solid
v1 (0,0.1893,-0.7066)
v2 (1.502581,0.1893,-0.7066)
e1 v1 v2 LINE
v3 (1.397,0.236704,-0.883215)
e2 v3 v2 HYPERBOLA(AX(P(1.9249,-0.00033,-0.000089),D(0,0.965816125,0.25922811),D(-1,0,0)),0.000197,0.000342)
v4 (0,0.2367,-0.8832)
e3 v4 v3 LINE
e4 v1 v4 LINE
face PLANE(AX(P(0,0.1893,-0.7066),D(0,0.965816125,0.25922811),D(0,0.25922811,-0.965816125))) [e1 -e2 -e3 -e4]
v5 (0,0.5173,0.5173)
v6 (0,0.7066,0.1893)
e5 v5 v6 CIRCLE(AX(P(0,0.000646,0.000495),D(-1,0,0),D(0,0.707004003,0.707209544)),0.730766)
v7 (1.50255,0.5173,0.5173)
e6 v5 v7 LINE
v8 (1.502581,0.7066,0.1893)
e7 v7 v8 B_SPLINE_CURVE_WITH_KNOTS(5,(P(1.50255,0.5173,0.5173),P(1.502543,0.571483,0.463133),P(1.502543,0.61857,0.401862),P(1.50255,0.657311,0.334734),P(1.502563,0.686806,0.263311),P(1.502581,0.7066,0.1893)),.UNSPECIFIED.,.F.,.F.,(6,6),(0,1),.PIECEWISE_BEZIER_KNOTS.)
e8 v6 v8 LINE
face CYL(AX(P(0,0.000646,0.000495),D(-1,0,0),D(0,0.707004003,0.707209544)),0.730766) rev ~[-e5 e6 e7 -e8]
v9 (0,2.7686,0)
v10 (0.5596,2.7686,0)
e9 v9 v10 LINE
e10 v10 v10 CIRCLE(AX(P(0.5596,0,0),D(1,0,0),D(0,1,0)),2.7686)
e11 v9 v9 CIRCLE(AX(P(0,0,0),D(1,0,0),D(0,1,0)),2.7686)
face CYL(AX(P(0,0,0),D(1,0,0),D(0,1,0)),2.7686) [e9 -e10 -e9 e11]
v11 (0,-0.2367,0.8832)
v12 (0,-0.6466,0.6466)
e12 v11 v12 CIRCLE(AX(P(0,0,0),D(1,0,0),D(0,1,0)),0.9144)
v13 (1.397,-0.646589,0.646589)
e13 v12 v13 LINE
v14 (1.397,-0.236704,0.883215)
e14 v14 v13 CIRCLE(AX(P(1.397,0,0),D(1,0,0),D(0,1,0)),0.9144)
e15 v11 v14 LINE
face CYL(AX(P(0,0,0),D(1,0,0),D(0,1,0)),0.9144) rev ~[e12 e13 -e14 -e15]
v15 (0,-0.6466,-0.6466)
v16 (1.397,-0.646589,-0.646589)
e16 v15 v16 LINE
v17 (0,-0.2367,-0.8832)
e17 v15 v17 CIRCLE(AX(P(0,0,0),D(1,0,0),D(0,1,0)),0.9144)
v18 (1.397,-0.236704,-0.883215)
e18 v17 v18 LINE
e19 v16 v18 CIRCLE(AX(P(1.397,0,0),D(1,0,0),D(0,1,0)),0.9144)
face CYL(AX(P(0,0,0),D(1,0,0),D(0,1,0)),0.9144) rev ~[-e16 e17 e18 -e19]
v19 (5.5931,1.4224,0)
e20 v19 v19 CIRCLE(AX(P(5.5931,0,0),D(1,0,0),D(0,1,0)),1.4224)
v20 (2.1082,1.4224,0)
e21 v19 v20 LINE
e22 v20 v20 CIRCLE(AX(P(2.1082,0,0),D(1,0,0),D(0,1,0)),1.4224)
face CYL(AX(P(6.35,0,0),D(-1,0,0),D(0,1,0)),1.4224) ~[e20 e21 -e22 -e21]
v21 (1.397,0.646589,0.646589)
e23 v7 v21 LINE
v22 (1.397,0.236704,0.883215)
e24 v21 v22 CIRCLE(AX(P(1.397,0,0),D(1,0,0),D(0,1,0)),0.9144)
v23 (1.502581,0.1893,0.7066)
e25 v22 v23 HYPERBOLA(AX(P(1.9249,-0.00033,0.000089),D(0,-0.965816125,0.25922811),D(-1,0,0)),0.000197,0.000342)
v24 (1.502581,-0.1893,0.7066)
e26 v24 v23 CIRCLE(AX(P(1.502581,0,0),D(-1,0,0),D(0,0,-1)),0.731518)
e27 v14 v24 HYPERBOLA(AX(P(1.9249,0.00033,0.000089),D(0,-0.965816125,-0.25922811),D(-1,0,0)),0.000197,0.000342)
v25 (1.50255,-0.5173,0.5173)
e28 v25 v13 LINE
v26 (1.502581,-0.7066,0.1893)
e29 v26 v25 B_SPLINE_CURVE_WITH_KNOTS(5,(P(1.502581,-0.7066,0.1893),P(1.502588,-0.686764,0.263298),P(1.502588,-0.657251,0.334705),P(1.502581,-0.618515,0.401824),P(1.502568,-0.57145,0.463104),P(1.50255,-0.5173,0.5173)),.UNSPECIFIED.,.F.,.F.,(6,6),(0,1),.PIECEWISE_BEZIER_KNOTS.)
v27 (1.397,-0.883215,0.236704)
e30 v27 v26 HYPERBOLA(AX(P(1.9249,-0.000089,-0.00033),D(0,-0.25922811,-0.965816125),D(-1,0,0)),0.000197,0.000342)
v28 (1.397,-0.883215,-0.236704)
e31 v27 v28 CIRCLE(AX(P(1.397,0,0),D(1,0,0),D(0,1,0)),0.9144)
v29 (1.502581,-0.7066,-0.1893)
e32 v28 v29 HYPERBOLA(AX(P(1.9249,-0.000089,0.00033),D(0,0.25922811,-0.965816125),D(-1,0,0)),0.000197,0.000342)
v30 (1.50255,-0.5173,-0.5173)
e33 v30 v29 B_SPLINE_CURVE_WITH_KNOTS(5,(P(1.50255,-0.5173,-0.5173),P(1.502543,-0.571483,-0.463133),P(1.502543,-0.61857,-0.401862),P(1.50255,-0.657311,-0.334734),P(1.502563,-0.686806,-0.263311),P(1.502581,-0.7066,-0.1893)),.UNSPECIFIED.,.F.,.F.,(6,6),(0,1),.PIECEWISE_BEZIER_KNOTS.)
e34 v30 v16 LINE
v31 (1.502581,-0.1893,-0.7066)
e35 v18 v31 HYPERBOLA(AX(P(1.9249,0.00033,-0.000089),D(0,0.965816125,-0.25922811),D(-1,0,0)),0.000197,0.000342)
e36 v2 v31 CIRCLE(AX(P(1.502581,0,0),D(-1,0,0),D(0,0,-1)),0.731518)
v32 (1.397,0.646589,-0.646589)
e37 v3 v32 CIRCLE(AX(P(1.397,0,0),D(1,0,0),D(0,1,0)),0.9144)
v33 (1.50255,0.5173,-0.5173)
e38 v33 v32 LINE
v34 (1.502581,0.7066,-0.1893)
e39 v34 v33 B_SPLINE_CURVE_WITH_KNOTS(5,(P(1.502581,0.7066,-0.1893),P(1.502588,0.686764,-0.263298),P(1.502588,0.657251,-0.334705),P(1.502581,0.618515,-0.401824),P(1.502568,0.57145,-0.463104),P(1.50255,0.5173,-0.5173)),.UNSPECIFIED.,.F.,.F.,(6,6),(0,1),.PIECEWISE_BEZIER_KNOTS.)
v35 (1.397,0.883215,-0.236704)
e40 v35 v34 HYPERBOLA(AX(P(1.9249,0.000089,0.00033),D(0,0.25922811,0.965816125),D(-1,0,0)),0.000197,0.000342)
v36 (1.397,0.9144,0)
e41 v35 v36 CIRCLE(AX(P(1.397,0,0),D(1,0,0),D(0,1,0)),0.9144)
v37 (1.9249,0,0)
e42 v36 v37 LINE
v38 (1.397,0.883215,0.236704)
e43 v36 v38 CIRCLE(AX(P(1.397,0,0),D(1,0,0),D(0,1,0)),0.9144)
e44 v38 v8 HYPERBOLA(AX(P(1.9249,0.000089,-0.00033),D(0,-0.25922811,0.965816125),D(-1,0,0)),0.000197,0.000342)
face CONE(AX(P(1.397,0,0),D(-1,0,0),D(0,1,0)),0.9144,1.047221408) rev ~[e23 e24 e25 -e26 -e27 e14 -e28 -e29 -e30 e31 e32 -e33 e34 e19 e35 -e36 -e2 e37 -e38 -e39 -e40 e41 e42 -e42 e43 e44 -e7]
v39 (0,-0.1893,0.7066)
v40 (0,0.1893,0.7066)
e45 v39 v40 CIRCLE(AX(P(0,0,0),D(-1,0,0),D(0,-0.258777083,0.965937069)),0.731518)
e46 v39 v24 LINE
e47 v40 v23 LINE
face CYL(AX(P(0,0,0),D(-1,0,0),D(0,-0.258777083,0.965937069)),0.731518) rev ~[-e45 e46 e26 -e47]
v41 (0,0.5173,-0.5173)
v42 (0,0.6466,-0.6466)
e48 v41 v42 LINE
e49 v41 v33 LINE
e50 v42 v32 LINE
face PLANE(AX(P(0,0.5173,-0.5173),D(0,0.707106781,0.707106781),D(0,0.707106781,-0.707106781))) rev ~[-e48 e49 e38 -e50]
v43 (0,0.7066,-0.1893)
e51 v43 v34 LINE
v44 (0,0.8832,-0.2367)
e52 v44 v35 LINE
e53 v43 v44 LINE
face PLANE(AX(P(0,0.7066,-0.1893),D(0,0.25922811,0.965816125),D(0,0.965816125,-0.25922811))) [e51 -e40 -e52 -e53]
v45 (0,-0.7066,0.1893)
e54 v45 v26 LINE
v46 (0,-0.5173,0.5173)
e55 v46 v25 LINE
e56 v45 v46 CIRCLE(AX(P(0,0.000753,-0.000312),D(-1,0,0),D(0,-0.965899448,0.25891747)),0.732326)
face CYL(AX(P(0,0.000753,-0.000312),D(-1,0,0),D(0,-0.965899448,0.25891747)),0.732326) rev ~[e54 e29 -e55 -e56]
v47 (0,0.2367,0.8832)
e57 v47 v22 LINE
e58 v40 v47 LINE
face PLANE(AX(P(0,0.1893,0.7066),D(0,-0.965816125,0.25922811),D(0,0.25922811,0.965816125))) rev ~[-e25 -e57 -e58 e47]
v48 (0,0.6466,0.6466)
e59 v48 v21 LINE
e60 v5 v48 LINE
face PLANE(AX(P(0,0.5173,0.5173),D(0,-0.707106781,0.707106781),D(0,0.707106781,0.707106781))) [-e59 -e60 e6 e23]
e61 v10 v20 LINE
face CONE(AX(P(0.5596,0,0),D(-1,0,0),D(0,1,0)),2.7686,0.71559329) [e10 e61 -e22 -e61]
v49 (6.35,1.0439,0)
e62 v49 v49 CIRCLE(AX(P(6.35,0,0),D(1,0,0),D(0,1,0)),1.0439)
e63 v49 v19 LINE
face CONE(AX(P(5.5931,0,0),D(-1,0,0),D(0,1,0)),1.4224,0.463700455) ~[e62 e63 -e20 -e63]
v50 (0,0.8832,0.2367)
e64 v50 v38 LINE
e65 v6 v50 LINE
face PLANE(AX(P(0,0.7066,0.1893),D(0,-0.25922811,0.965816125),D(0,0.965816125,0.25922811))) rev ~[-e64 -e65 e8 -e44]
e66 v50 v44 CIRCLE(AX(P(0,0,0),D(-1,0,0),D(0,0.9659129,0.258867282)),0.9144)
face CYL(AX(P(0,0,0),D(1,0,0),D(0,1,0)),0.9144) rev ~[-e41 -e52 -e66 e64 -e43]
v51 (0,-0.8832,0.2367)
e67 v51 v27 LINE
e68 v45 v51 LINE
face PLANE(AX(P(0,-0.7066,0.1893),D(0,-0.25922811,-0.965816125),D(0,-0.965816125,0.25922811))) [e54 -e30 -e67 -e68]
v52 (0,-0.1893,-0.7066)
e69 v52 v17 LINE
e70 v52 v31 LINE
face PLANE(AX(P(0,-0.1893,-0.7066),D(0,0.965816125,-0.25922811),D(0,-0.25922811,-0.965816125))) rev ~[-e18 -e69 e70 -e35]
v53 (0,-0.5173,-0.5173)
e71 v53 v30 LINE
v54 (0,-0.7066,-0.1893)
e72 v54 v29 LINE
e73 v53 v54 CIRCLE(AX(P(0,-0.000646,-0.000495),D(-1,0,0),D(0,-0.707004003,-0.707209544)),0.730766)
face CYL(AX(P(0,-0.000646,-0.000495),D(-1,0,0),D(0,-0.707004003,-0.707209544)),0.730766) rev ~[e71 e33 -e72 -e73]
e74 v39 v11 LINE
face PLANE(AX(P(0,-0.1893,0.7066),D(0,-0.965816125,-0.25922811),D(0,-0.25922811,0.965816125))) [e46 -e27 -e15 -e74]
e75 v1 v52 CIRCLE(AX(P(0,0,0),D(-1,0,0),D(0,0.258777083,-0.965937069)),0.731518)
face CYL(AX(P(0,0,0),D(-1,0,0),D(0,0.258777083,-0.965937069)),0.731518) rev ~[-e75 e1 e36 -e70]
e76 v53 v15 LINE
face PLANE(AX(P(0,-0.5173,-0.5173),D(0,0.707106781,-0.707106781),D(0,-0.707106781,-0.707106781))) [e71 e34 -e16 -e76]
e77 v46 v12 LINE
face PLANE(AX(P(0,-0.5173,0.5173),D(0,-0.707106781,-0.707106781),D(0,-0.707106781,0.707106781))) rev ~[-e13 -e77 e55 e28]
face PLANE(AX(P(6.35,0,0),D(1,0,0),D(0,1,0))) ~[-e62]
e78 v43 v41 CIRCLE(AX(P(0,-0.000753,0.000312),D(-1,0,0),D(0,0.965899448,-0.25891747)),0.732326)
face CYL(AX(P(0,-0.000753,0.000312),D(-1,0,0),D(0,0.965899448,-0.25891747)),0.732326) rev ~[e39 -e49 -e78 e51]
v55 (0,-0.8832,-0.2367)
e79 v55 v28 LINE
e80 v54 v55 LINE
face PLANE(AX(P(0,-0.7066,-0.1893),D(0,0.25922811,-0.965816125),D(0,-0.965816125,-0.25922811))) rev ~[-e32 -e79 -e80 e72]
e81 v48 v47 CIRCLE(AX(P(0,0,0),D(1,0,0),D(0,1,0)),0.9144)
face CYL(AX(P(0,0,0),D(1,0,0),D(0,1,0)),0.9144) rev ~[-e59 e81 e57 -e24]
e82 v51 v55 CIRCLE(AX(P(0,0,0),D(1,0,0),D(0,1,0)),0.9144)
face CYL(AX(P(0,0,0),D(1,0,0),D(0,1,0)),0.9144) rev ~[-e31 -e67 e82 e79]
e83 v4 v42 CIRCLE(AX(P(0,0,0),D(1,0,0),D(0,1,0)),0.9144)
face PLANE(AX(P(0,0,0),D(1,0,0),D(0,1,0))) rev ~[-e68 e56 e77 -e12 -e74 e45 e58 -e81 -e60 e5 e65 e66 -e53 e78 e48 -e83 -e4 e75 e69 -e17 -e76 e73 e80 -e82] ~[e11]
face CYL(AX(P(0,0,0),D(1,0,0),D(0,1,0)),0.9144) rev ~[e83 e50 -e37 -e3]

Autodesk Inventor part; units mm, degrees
ref_plane "YZ Plane" through (0, 0, 0) normal (1, 0, 0) x (0, 1, 0)
ref_plane "XZ Plane" through (0, 0, 0) normal (0, 1, 0) x (-1, 0, 0)
sketch "Szkic1" plane through (0, 0, 0) normal (0, 0, 1) x (1, 0, 0)
  line L0 (6.35, 0) -> (6.35, 1.4224)
  line L1 (6.35, 1.4224) -> (2.1082, 1.4224)
  line L2 (0, 2.7686) -> (0, 0.9144)
  line L3 (0, 0.9144) -> (1.397, 0.9144)
  line L4 (1.397, 0.9144) -> (1.9249, 0)
  line L5 (1.9249, 0) -> (6.35, 0)
  line L6 (0, 2.7686) -> (0.5596, 2.7686)
  line L7 (0.5596, 2.7686) -> (2.1082, 1.4224)
  line L8 (-1.27, 0) -> (7.62, 0) projected
  line L9 (0, -0.5537) -> (0, 3.3223) projected
  dimension "d0" = 6.35
  dimension "d1" = 1.397
  dimension "d2" = 2.8448
  dimension "d3" = 2.1082
  dimension "d4" = 41
  dimension "d5" = 1.8288
  dimension "d6" = 60
  dimension "d7" = 5.5372
revolve "Bryła" add sketch "Szkic1" angle 360 about axis through (1.9249, 0, 0) along (1, 0, 0) contours L5 L4 L3 L2 L6 L7 L1 L0
sketch "Szkic2" plane through (0, 0, 0) normal (-1, 0, 0) x (0, 0, 1)
  circle A0 centre (0, 0) radius 2.7686 projected
  circle A1 centre (0, 0) radius 0.9144 projected
  line L0 (0.7066, 0.1893) -> (0.8832, 0.2367)
  line L1 (0.7066, -0.1893) -> (0.8832, -0.2367)
  arc A2 (0.7066, -0.1893) -> (0.7066, 0.1893) centre (0, 0) ccw
  arc A3 (0.8832, -0.2367) -> (0.8832, 0.2367) centre (0, 0) ccw
  line L2 (0, -3.876) -> (0, 3.876) projected
  line L3 (-3.876, 0) -> (3.876, 0) projected
  line L4 (0.7066, 0.1893) -> (0, 0) construction
  line L5 (0, 0) -> (0.7066, -0.1893) construction
  line L6 (0.1893, 0.7066) -> (0.2367, 0.8832)
  line L7 (0.5173, 0.5173) -> (0.6466, 0.6466)
  arc A4 (0.5173, 0.5173) -> (0.1893, 0.7066) centre (0, 0) ccw
  arc A5 (0.6466, 0.6466) -> (0.2367, 0.8832) centre (0, 0) ccw
  line L8 (-0.5173, 0.5173) -> (-0.6466, 0.6466)
  line L9 (-0.1893, 0.7066) -> (-0.2367, 0.8832)
  arc A6 (-0.1893, 0.7066) -> (-0.5173, 0.5173) centre (0, 0) ccw
  arc A7 (-0.2367, 0.8832) -> (-0.6466, 0.6466) centre (0, 0) ccw
  line L10 (-0.7066, -0.1893) -> (-0.8832, -0.2367)
  line L11 (-0.7066, 0.1893) -> (-0.8832, 0.2367)
  arc A8 (-0.7066, 0.1893) -> (-0.7066, -0.1893) centre (0, 0) ccw
  arc A9 (-0.8832, 0.2367) -> (-0.8832, -0.2367) centre (0, 0) ccw
  line L12 (-0.1893, -0.7066) -> (-0.2367, -0.8832)
  line L13 (-0.5173, -0.5173) -> (-0.6466, -0.6466)
  arc A10 (-0.5173, -0.5173) -> (-0.1893, -0.7066) centre (0, 0) ccw
  arc A11 (-0.6466, -0.6466) -> (-0.2367, -0.8832) centre (0, 0) ccw
  line L14 (0.5173, -0.5173) -> (0.6466, -0.6466)
  line L15 (0.1893, -0.7066) -> (0.2367, -0.8832)
  arc A12 (0.1893, -0.7066) -> (0.5173, -0.5173) centre (0, 0) ccw
  arc A13 (0.2367, -0.8832) -> (0.6466, -0.6466) centre (0, 0) ccw
  dimension "d8" = 1.463
  dimension "d9" = 1.8288
  dimension "d10" = 15
  dimension "d11" = 15
  dimension "d22" = 360
extrude "Szczelina" add sketch "Szkic2" against normal up to next contours L3 A2 L0 A1 | A1 L1 A2 L3 | L3 A8 L10 A1 | A1 L11 A8 L3 | A1 L7 A4 L6 | L9 A6 L8 A1 | A1 L13 A10 L12 | L15 A12 L14 A1
thread "Gwint" size "4-40 UNC" class "2A" standard "ANSI Unified Screw Threads" length 2.6543
chamfer "Faza1" distance 0.3785 distance2 0.7569 1 edges at (6.35, -1.4224, 0) measured on face at (6.35, -0.1427, 0.3949)
ref_plane "Work Plane1" through (66.6877, 0, 0) normal (0, 0, -1) x (1, 0, 0)
equation "\"d0\" = NLG"
equation "\"d1\" = INTI"
equation "\"d2\" = GD"
equation "\"d3\" = KOH"
equation "\"d4\" = 0.5 * SEWI"
equation "\"d5\" = SW"
equation "\"d7\" = KOD"
equation "\"d8\" = 0.8 * SW"
equation "\"d9\" = SW"
equation "\"d15\" = GEL"
equation "\"d17\" = -0.5 * SPD + 0.5 * GD"
equation "\"d18\" = GUL"
equation "\"NLG\" = 6.35"
equation "\"SW\" = 1.8288"
equation "\"INTI\" = 1.397"
equation "\"GEL\" = 2.6543"
equation "\"KOH\" = 2.1082"
equation "\"KOD\" = 5.5372"
equation "\"GUL\" = 0.75692"
equation "\"SPD\" = 2.08788"
equation "\"GD\" = NND"
equation "\"SEWI\" = 82deg"
equation "\"TOA\" = 30deg"
equation "\"GD1\" = SPD"
equation "\"EPV\" = 3.74448"
equation "\"THREADDIA\" = 2.8448"
equation "\"BDM\" = NND"
equation "\"NND\" = 2.8448"
equation "\"GAL\" = 1.5875"
equation "\"E0\" = 1.155 * SW"
properties part number "ANSI B18.3 - 4-40 UNC x 0,25" material "Stal, miękka"
